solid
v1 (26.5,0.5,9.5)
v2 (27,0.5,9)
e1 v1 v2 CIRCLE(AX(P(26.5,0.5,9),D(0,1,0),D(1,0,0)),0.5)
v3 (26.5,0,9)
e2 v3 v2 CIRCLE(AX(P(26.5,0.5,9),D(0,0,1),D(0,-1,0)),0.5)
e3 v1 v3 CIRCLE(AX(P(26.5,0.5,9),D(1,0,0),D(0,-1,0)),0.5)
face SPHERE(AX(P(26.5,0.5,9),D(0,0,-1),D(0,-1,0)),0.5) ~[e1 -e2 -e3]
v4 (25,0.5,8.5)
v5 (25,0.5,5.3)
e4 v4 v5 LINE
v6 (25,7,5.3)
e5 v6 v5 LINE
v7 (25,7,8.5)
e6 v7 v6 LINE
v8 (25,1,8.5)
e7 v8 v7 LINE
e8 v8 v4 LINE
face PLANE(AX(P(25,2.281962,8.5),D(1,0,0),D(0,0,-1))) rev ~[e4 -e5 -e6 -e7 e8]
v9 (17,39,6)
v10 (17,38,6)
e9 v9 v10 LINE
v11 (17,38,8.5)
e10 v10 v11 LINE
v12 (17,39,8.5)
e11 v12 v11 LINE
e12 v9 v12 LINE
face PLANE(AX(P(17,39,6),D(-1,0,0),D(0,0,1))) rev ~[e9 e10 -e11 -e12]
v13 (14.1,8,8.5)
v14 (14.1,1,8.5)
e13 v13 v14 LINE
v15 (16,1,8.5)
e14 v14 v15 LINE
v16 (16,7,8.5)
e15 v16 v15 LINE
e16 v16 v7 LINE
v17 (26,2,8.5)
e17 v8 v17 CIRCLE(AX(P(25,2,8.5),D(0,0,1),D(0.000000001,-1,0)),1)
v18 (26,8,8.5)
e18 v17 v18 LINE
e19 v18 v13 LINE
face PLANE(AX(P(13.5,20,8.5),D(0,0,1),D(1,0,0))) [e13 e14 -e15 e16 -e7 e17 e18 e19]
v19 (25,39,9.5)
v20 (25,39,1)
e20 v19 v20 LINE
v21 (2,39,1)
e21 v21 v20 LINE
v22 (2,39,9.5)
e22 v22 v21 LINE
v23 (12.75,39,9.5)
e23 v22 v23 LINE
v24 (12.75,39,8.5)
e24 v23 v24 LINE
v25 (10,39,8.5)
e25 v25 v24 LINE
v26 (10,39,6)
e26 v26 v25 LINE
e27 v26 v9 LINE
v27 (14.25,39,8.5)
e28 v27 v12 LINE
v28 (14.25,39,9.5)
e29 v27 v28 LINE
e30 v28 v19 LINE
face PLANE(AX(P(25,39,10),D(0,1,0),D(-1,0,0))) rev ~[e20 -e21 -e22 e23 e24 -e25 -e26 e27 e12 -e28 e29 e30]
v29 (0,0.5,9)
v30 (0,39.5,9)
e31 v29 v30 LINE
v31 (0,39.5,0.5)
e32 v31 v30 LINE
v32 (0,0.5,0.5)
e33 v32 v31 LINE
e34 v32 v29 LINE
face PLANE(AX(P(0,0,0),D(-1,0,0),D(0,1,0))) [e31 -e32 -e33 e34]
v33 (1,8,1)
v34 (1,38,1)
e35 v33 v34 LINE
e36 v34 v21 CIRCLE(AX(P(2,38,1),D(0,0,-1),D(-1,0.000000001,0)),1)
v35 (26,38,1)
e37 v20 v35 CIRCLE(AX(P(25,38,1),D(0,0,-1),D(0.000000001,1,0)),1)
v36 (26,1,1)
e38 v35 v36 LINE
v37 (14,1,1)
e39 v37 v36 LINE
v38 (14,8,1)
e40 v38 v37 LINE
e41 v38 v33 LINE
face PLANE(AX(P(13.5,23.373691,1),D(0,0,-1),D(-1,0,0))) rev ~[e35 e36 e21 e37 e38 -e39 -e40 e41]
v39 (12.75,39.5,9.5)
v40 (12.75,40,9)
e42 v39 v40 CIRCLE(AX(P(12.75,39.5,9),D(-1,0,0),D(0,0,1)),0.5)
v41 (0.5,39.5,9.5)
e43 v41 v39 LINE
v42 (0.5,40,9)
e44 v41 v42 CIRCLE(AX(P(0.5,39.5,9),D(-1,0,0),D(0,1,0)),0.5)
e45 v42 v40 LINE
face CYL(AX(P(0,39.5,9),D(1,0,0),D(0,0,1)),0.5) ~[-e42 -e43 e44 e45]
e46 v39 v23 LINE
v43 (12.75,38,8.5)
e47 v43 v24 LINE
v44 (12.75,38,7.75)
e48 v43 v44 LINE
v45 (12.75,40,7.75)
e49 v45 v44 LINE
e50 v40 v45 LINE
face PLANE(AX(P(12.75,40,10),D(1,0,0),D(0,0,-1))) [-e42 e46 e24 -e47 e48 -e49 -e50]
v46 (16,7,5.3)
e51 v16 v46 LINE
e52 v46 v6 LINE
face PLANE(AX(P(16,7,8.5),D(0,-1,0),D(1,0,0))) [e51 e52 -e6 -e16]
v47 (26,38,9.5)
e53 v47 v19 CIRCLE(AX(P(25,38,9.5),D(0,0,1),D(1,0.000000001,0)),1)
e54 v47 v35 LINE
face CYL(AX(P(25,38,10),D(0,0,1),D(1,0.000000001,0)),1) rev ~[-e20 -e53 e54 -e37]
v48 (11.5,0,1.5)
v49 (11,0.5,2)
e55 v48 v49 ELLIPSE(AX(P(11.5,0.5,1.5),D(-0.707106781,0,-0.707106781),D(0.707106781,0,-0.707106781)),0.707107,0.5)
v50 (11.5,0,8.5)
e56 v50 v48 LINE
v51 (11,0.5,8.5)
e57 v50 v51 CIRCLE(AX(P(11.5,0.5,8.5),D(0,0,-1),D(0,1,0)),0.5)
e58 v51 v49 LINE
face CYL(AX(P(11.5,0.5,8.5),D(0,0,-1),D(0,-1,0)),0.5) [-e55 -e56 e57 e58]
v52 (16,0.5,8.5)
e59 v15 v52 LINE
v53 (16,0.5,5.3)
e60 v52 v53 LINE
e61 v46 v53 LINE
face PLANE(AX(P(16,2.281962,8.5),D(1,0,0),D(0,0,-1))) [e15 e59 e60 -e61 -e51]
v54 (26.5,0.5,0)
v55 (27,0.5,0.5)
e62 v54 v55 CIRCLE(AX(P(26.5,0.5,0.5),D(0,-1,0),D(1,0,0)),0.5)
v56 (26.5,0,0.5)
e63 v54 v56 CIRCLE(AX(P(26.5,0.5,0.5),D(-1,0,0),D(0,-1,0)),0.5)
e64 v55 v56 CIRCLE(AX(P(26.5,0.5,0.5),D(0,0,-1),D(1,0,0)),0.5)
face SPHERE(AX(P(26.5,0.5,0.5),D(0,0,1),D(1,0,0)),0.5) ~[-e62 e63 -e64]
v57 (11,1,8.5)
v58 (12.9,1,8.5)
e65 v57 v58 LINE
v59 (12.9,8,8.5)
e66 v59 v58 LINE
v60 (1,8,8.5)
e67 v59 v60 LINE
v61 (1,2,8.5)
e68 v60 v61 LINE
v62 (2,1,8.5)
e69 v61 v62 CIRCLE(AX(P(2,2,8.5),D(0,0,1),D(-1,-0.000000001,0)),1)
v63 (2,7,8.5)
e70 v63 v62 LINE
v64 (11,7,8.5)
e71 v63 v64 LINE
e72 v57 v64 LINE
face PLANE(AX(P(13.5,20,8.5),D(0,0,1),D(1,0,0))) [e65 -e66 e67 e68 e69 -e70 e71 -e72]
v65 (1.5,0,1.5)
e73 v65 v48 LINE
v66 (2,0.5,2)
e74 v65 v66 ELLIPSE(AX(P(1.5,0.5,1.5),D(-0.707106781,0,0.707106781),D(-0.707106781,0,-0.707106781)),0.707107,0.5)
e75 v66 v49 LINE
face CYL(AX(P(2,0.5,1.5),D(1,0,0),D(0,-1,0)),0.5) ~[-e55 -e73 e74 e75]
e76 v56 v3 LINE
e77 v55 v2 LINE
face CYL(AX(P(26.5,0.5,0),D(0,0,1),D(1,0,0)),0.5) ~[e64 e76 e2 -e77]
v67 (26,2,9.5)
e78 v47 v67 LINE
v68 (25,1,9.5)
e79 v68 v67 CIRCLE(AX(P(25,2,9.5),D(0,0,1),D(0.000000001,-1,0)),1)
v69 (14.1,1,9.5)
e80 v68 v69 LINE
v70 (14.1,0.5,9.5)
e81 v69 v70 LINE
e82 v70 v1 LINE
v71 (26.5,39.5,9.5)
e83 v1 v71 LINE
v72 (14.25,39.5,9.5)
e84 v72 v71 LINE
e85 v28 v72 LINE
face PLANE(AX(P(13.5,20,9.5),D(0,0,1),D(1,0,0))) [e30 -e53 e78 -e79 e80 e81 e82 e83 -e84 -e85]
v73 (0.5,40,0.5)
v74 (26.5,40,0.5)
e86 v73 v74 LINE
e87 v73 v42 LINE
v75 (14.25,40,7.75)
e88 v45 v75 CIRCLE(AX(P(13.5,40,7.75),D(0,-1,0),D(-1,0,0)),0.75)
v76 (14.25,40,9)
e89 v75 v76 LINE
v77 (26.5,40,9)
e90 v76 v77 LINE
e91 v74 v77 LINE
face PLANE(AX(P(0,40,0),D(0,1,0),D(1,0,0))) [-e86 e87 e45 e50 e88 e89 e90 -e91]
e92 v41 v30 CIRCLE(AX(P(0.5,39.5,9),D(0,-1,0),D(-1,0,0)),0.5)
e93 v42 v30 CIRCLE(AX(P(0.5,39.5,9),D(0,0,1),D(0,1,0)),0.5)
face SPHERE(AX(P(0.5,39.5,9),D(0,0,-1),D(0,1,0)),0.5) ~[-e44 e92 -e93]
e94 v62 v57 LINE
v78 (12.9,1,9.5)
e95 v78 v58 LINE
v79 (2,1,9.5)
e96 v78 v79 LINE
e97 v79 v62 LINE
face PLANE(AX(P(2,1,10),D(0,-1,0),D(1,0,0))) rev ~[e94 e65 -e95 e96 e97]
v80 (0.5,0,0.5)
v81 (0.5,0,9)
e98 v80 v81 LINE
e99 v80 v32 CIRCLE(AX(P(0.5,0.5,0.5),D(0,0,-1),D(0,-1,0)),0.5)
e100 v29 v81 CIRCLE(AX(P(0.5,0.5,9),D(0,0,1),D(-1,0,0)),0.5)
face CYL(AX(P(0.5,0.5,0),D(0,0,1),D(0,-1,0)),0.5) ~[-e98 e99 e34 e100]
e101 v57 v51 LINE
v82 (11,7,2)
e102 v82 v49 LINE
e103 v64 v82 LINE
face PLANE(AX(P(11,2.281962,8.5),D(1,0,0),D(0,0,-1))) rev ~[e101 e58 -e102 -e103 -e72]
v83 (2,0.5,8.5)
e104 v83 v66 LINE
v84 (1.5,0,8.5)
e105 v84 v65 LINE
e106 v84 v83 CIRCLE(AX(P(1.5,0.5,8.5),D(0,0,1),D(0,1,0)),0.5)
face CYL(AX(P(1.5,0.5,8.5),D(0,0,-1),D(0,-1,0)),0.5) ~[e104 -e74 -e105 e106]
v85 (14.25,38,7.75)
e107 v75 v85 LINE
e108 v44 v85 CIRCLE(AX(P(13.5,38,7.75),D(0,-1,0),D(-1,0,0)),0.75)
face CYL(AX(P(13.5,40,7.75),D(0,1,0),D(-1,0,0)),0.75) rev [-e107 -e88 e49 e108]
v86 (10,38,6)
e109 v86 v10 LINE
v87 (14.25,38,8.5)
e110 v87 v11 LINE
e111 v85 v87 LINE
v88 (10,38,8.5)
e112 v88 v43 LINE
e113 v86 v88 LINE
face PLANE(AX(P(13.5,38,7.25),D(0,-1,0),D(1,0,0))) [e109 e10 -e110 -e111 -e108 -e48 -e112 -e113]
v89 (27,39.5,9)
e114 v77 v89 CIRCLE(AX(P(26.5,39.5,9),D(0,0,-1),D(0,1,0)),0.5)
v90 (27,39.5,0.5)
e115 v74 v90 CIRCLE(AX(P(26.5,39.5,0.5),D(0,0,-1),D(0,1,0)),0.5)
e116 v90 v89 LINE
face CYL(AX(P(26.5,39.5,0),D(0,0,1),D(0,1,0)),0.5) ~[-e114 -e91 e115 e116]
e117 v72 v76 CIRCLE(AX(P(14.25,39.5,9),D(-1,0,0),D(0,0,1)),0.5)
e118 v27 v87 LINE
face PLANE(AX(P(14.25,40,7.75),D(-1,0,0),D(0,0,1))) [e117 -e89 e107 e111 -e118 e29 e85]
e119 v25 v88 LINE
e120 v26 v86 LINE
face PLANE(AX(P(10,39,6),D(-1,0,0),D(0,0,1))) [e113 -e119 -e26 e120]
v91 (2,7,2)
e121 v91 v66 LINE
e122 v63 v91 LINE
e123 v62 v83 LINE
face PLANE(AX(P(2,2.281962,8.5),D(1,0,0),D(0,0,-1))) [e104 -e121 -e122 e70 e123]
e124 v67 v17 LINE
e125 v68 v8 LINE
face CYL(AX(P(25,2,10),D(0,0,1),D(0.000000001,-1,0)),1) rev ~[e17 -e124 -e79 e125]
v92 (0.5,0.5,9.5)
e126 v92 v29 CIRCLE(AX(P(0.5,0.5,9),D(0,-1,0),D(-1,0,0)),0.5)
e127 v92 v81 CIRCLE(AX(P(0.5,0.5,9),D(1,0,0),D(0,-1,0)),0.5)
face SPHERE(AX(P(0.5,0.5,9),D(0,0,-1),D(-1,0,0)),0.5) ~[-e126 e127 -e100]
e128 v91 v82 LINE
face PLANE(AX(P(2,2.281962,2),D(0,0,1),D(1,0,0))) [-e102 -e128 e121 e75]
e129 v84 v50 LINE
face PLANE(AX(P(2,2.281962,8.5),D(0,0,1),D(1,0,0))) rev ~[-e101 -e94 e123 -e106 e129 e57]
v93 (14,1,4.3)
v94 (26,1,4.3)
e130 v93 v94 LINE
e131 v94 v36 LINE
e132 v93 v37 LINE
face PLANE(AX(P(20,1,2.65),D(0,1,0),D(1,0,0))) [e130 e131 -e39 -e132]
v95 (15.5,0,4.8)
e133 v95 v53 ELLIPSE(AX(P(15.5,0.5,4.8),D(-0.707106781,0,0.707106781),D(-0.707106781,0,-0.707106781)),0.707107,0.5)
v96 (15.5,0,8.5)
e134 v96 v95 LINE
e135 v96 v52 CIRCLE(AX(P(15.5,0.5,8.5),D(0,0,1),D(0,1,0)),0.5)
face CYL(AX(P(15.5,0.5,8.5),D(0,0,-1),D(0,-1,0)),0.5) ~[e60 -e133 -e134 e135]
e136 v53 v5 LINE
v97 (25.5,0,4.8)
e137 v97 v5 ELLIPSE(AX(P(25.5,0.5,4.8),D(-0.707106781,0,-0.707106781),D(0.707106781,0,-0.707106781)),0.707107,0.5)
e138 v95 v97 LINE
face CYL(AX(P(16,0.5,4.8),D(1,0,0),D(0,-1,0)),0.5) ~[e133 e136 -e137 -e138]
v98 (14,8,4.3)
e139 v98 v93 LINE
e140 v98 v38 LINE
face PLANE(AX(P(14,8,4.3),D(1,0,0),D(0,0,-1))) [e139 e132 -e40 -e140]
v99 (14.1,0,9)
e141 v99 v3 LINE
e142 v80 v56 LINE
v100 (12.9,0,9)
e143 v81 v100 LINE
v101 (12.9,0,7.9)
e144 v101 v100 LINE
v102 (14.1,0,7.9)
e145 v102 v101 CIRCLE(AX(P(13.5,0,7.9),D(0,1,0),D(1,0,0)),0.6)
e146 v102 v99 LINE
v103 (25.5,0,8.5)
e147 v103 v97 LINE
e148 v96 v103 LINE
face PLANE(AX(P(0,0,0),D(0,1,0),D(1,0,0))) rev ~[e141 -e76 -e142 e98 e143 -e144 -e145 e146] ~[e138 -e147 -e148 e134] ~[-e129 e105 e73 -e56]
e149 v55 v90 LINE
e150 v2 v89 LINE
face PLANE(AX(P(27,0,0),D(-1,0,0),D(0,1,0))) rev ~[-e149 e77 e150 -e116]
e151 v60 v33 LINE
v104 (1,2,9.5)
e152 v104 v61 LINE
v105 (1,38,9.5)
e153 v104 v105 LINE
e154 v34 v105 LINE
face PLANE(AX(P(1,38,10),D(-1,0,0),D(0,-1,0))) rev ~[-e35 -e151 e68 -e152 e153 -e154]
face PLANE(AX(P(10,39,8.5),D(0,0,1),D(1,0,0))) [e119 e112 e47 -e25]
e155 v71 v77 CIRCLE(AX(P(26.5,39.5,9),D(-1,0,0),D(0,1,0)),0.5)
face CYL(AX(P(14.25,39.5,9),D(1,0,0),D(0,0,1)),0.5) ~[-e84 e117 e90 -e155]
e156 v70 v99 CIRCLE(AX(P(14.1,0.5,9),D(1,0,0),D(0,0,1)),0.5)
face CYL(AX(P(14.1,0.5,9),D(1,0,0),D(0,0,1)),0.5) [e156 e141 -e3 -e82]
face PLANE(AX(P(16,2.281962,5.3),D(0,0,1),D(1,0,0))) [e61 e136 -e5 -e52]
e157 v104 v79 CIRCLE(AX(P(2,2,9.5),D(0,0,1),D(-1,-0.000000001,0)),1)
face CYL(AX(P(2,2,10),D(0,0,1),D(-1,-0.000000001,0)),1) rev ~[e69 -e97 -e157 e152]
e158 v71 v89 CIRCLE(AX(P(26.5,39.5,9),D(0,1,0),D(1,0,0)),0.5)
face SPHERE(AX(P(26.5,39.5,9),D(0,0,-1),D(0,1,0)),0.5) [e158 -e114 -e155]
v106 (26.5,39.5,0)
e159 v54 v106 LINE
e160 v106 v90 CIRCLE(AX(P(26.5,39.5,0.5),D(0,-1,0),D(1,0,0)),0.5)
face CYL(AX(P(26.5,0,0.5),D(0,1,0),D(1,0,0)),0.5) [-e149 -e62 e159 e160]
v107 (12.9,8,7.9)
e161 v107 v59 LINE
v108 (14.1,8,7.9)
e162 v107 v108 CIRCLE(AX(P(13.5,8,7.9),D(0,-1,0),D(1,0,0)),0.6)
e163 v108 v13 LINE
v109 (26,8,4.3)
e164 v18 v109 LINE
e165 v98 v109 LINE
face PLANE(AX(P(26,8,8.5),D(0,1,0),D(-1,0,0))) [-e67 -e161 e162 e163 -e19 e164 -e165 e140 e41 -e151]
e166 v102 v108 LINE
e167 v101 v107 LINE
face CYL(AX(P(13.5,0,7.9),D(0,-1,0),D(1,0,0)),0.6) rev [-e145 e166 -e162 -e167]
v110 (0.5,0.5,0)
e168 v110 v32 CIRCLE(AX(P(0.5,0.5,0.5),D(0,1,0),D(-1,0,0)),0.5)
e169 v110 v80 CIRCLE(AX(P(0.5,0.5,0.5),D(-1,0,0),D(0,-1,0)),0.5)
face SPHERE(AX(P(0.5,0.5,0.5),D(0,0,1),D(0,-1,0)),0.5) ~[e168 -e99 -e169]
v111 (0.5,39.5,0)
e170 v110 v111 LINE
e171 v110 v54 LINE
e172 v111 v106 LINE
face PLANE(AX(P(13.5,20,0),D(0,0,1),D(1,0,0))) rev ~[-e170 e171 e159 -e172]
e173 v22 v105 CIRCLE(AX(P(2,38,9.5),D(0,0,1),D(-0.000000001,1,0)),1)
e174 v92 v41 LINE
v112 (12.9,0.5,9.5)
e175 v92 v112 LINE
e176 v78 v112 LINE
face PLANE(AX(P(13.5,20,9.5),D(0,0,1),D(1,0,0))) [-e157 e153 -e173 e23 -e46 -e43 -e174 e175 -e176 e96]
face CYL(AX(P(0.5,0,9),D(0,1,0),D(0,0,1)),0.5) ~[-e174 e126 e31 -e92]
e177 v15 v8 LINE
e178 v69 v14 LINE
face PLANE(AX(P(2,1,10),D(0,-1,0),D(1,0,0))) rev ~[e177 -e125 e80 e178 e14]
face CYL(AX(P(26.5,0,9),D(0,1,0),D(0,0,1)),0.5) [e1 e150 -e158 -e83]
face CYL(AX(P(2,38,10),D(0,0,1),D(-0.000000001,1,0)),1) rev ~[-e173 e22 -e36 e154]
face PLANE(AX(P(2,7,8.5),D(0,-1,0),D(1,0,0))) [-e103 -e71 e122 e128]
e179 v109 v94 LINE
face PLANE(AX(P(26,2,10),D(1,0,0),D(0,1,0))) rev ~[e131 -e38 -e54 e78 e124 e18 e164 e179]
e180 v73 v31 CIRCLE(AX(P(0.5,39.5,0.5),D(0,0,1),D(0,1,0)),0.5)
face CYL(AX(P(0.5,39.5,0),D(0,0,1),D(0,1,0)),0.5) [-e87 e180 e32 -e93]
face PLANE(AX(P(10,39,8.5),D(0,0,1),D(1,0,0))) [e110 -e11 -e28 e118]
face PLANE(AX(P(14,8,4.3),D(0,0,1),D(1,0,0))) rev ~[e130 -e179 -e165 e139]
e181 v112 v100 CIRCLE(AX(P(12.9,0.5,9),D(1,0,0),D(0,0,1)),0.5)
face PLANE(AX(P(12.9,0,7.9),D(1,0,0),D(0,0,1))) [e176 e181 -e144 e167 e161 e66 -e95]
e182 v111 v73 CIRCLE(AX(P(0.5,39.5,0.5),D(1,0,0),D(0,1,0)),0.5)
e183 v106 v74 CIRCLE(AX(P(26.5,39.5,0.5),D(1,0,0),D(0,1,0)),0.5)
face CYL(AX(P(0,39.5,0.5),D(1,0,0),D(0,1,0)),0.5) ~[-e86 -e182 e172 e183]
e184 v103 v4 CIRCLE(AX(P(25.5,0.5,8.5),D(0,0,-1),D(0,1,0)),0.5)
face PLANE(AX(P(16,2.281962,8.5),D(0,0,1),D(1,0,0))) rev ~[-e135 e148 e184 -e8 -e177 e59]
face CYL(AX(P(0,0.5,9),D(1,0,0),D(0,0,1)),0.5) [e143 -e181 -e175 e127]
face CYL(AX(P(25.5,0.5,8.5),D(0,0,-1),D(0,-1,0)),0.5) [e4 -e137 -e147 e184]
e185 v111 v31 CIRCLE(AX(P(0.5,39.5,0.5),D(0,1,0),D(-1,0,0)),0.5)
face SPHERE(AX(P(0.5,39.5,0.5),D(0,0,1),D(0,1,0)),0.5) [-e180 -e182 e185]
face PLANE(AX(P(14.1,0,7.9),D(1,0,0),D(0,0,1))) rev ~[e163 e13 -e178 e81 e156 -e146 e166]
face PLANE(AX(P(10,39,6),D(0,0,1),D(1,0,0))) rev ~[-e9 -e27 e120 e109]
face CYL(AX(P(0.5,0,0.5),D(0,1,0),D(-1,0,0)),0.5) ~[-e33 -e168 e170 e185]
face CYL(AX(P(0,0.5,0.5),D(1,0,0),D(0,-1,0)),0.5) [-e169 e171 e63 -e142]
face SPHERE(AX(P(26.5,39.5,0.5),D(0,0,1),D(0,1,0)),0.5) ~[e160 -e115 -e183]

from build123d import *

# Parameters (mm, degrees)
SKETCH_2_W           = 27
SKETCH_2_H           = 40
EXTRUDE_1_DEPTH      = 10
CUT_EXTRUDE_1_DEPTH  = 1.5
CUT_EXTRUDE_2_DEPTH  = 7.5
SKETCH_9_W           = 9
SKETCH_9_H           = 4.718038217
CUT_EXTRUDE_8_DEPTH  = 3.2
SKETCH_9_3_W         = 9
SKETCH_9_3_H         = 4.718038217
CUT_EXTRUDE_9_DEPTH  = 6.5
SKETCH_12_W          = 12
SKETCH_12_H          = 3.3
CUT_EXTRUDE_10_DEPTH = 7
SKETCH_13_W          = 9
SKETCH_13_H          = 6.5
SKETCH_13_H_2        = 3.2
CUT_EXTRUDE_11_DEPTH = 3.281961783
CUT_EXTRUDE_12_REACH = 42
SKETCH_14_W          = 1.2
SKETCH_14_H          = 2.1
SKETCH_16_2_W        = 7
SKETCH_16_2_H        = 2.5
EXTRUDE_3_DEPTH      = 1
SKETCH_16_W          = 7
SKETCH_16_H          = 2.5
EXTRUDE_2_DEPTH      = 1
CUT_EXTRUDE_14_DEPTH = 2
SKETCH_18_W          = 27
SKETCH_18_H          = 40
CUT_EXTRUDE_15_DEPTH = 0.5
FILLET_1_R           = 0.5


with BuildPart() as part:
    # Sketch 2 → Extrude 1 (new body)
    with BuildSketch(Plane.XY):
        with Locations((13.5, 20)):
            Rectangle(SKETCH_2_W, SKETCH_2_H)
    extrude(amount=EXTRUDE_1_DEPTH)

    # Sketch 3 → Cut-Extrude 1 (cut)
    with BuildSketch(Plane.XY.offset(10)):
        with BuildLine():
            Line((1, 38), (1, 2))
            ThreePointArc((1, 2), (1.292893219, 1.292893219), (2, 1))
            Line((2, 1), (25, 1))
            ThreePointArc((25, 1), (25.707106781, 1.292893219), (26, 2))
            Line((26, 2), (26, 38))
            ThreePointArc((26, 38), (25.707106781, 38.707106781), (25, 39))
            Line((25, 39), (2, 39))
            ThreePointArc((2, 39), (1.292893219, 38.707106781), (1, 38))
        make_face()
    extrude(amount=-CUT_EXTRUDE_1_DEPTH, mode=Mode.SUBTRACT)

    # Sketch 5 → Cut-Extrude 2 (cut)
    with BuildSketch(Plane.XY.offset(8.5)):
        with BuildLine():
            Line((2, 39), (25, 39))
            ThreePointArc((25, 39), (25.707106781, 38.707106781), (26, 38))
            Line((26, 38), (26, 8))
            Line((26, 8), (1, 8))
            Line((1, 8), (1, 38))
            ThreePointArc((1, 38), (1.292893219, 38.707106781), (2, 39))
        make_face()
    extrude(amount=-CUT_EXTRUDE_2_DEPTH, mode=Mode.SUBTRACT)

    # Sketch 9 → Cut-Extrude 8 (cut)
    with BuildSketch(Plane.XY.offset(8.5)):
        with Locations((20.5, 4.640980891)):
            Rectangle(SKETCH_9_W, SKETCH_9_H)
    extrude(amount=-CUT_EXTRUDE_8_DEPTH, mode=Mode.SUBTRACT)

    # Sketch 9_3 → Cut-Extrude 9 (cut)
    with BuildSketch(Plane.XY.offset(8.5)):
        with Locations((6.5, 4.640980891)):
            Rectangle(SKETCH_9_3_W, SKETCH_9_3_H)
    extrude(amount=-CUT_EXTRUDE_9_DEPTH, mode=Mode.SUBTRACT)

    # Sketch 12 → Cut-Extrude 10 (cut)
    with BuildSketch(Plane(origin=(0, 8, 0), x_dir=(1, 0, 0), z_dir=(0, 1, 0))):
        with Locations((20, -2.65)):
            Rectangle(SKETCH_12_W, SKETCH_12_H)
    extrude(amount=-CUT_EXTRUDE_10_DEPTH, mode=Mode.SUBTRACT)

    # Sketch 13 → Cut-Extrude 11 (cut, through all)
    with BuildSketch(Plane(origin=(0, 2.281961783, 0), x_dir=(1, 0, 0), z_dir=(0, 1, 0))):
        with Locations((6.5, -5.25)):
            Rectangle(SKETCH_13_W, SKETCH_13_H)
        with Locations((20.5, -6.9)):
            Rectangle(SKETCH_13_W, SKETCH_13_H_2)
    extrude(amount=-CUT_EXTRUDE_11_DEPTH, mode=Mode.SUBTRACT)

    # Sketch 14 → Cut-Extrude 12 (cut, up to next)
    with BuildSketch(Plane.XZ, mode=Mode.PRIVATE) as cut_extrude_12_sk1:
        with BuildLine():
            Line((12.9, 7.9), (14.1, 7.9))
            ThreePointArc((14.1, 7.9), (13.5, 7.3), (12.9, 7.9))
        make_face()
    cut_extrude_12_tool1 = extrude(cut_extrude_12_sk1.sketch, amount=-CUT_EXTRUDE_12_REACH, mode=Mode.PRIVATE) & part.part
    add(cut_extrude_12_tool1.solids().sort_by_distance((13.5, 0, 7.645352))[0], mode=Mode.SUBTRACT)
    # Sketch 14 → Cut-Extrude 12 (cut, up to next)
    with BuildSketch(Plane.XZ, mode=Mode.PRIVATE) as cut_extrude_12_sk2:
        with Locations((13.5, 8.95)):
            Rectangle(SKETCH_14_W, SKETCH_14_H)
    cut_extrude_12_tool2 = extrude(cut_extrude_12_sk2.sketch, amount=-CUT_EXTRUDE_12_REACH, mode=Mode.PRIVATE) & part.part
    add(cut_extrude_12_tool2.solids().sort_by_distance((13.5, 0, 8.95))[0], mode=Mode.SUBTRACT)

    # Sketch 16_2 → Extrude 3 (add)
    with BuildSketch(Plane.XZ.offset(-39)):
        with Locations((13.5, 7.25)):
            Rectangle(SKETCH_16_2_W, SKETCH_16_2_H)
    extrude(amount=EXTRUDE_3_DEPTH)

    # Sketch 16 → Extrude 2 (add)
    with BuildSketch(Plane.XZ.offset(-39)):
        with Locations((13.5, 7.25)):
            Rectangle(SKETCH_16_W, SKETCH_16_H)
    extrude(amount=EXTRUDE_2_DEPTH)

    # Sketch 17 → Cut-Extrude 14 (cut)
    with BuildSketch(Plane(origin=(0, 40, 0), x_dir=(1, 0, 0), z_dir=(0, 1, 0))):
        with BuildLine():
            Line((14.25, -7.75), (14.25, -10))
            Line((14.25, -10), (12.75, -10))
            Line((12.75, -10), (12.75, -7.75))
            ThreePointArc((12.75, -7.75), (13.5, -7), (14.25, -7.75))
        make_face()
    extrude(amount=-CUT_EXTRUDE_14_DEPTH, mode=Mode.SUBTRACT)

    # Sketch 18 → Cut-Extrude 15 (cut)
    with BuildSketch(Plane.XY.offset(10)):
        with Locations((13.5, 20)):
            Rectangle(SKETCH_18_W, SKETCH_18_H)
    extrude(amount=-CUT_EXTRUDE_15_DEPTH, mode=Mode.SUBTRACT)

    # Fillet 1
    fillet_1_edges = [part.edges().sort_by_distance(p)[0] for p in [
        (25, 0, 6.9),
        (16, 0, 6.9),
        (20.5, 0, 5.3),
        (27, 40, 4.75),
        (0, 40, 4.75),
        (27, 0, 4.75),
        (0, 0, 4.75),
        (20.55, 0, 9.5),
        (20.625, 40, 9.5),
        (6.375, 40, 9.5),
        (0, 20, 9.5),
        (27, 20, 9.5),
        (6.45, 0, 9.5),
        (13.5, 40, 0),
        (27, 20, 0),
        (13.5, 0, 0),
        (0, 20, 0),
        (11, 0, 5.25),
        (2, 0, 5.25),
        (6.5, 0, 2),
    ]]
    fillet(fillet_1_edges, radius=FILLET_1_R)


solid = part.part
